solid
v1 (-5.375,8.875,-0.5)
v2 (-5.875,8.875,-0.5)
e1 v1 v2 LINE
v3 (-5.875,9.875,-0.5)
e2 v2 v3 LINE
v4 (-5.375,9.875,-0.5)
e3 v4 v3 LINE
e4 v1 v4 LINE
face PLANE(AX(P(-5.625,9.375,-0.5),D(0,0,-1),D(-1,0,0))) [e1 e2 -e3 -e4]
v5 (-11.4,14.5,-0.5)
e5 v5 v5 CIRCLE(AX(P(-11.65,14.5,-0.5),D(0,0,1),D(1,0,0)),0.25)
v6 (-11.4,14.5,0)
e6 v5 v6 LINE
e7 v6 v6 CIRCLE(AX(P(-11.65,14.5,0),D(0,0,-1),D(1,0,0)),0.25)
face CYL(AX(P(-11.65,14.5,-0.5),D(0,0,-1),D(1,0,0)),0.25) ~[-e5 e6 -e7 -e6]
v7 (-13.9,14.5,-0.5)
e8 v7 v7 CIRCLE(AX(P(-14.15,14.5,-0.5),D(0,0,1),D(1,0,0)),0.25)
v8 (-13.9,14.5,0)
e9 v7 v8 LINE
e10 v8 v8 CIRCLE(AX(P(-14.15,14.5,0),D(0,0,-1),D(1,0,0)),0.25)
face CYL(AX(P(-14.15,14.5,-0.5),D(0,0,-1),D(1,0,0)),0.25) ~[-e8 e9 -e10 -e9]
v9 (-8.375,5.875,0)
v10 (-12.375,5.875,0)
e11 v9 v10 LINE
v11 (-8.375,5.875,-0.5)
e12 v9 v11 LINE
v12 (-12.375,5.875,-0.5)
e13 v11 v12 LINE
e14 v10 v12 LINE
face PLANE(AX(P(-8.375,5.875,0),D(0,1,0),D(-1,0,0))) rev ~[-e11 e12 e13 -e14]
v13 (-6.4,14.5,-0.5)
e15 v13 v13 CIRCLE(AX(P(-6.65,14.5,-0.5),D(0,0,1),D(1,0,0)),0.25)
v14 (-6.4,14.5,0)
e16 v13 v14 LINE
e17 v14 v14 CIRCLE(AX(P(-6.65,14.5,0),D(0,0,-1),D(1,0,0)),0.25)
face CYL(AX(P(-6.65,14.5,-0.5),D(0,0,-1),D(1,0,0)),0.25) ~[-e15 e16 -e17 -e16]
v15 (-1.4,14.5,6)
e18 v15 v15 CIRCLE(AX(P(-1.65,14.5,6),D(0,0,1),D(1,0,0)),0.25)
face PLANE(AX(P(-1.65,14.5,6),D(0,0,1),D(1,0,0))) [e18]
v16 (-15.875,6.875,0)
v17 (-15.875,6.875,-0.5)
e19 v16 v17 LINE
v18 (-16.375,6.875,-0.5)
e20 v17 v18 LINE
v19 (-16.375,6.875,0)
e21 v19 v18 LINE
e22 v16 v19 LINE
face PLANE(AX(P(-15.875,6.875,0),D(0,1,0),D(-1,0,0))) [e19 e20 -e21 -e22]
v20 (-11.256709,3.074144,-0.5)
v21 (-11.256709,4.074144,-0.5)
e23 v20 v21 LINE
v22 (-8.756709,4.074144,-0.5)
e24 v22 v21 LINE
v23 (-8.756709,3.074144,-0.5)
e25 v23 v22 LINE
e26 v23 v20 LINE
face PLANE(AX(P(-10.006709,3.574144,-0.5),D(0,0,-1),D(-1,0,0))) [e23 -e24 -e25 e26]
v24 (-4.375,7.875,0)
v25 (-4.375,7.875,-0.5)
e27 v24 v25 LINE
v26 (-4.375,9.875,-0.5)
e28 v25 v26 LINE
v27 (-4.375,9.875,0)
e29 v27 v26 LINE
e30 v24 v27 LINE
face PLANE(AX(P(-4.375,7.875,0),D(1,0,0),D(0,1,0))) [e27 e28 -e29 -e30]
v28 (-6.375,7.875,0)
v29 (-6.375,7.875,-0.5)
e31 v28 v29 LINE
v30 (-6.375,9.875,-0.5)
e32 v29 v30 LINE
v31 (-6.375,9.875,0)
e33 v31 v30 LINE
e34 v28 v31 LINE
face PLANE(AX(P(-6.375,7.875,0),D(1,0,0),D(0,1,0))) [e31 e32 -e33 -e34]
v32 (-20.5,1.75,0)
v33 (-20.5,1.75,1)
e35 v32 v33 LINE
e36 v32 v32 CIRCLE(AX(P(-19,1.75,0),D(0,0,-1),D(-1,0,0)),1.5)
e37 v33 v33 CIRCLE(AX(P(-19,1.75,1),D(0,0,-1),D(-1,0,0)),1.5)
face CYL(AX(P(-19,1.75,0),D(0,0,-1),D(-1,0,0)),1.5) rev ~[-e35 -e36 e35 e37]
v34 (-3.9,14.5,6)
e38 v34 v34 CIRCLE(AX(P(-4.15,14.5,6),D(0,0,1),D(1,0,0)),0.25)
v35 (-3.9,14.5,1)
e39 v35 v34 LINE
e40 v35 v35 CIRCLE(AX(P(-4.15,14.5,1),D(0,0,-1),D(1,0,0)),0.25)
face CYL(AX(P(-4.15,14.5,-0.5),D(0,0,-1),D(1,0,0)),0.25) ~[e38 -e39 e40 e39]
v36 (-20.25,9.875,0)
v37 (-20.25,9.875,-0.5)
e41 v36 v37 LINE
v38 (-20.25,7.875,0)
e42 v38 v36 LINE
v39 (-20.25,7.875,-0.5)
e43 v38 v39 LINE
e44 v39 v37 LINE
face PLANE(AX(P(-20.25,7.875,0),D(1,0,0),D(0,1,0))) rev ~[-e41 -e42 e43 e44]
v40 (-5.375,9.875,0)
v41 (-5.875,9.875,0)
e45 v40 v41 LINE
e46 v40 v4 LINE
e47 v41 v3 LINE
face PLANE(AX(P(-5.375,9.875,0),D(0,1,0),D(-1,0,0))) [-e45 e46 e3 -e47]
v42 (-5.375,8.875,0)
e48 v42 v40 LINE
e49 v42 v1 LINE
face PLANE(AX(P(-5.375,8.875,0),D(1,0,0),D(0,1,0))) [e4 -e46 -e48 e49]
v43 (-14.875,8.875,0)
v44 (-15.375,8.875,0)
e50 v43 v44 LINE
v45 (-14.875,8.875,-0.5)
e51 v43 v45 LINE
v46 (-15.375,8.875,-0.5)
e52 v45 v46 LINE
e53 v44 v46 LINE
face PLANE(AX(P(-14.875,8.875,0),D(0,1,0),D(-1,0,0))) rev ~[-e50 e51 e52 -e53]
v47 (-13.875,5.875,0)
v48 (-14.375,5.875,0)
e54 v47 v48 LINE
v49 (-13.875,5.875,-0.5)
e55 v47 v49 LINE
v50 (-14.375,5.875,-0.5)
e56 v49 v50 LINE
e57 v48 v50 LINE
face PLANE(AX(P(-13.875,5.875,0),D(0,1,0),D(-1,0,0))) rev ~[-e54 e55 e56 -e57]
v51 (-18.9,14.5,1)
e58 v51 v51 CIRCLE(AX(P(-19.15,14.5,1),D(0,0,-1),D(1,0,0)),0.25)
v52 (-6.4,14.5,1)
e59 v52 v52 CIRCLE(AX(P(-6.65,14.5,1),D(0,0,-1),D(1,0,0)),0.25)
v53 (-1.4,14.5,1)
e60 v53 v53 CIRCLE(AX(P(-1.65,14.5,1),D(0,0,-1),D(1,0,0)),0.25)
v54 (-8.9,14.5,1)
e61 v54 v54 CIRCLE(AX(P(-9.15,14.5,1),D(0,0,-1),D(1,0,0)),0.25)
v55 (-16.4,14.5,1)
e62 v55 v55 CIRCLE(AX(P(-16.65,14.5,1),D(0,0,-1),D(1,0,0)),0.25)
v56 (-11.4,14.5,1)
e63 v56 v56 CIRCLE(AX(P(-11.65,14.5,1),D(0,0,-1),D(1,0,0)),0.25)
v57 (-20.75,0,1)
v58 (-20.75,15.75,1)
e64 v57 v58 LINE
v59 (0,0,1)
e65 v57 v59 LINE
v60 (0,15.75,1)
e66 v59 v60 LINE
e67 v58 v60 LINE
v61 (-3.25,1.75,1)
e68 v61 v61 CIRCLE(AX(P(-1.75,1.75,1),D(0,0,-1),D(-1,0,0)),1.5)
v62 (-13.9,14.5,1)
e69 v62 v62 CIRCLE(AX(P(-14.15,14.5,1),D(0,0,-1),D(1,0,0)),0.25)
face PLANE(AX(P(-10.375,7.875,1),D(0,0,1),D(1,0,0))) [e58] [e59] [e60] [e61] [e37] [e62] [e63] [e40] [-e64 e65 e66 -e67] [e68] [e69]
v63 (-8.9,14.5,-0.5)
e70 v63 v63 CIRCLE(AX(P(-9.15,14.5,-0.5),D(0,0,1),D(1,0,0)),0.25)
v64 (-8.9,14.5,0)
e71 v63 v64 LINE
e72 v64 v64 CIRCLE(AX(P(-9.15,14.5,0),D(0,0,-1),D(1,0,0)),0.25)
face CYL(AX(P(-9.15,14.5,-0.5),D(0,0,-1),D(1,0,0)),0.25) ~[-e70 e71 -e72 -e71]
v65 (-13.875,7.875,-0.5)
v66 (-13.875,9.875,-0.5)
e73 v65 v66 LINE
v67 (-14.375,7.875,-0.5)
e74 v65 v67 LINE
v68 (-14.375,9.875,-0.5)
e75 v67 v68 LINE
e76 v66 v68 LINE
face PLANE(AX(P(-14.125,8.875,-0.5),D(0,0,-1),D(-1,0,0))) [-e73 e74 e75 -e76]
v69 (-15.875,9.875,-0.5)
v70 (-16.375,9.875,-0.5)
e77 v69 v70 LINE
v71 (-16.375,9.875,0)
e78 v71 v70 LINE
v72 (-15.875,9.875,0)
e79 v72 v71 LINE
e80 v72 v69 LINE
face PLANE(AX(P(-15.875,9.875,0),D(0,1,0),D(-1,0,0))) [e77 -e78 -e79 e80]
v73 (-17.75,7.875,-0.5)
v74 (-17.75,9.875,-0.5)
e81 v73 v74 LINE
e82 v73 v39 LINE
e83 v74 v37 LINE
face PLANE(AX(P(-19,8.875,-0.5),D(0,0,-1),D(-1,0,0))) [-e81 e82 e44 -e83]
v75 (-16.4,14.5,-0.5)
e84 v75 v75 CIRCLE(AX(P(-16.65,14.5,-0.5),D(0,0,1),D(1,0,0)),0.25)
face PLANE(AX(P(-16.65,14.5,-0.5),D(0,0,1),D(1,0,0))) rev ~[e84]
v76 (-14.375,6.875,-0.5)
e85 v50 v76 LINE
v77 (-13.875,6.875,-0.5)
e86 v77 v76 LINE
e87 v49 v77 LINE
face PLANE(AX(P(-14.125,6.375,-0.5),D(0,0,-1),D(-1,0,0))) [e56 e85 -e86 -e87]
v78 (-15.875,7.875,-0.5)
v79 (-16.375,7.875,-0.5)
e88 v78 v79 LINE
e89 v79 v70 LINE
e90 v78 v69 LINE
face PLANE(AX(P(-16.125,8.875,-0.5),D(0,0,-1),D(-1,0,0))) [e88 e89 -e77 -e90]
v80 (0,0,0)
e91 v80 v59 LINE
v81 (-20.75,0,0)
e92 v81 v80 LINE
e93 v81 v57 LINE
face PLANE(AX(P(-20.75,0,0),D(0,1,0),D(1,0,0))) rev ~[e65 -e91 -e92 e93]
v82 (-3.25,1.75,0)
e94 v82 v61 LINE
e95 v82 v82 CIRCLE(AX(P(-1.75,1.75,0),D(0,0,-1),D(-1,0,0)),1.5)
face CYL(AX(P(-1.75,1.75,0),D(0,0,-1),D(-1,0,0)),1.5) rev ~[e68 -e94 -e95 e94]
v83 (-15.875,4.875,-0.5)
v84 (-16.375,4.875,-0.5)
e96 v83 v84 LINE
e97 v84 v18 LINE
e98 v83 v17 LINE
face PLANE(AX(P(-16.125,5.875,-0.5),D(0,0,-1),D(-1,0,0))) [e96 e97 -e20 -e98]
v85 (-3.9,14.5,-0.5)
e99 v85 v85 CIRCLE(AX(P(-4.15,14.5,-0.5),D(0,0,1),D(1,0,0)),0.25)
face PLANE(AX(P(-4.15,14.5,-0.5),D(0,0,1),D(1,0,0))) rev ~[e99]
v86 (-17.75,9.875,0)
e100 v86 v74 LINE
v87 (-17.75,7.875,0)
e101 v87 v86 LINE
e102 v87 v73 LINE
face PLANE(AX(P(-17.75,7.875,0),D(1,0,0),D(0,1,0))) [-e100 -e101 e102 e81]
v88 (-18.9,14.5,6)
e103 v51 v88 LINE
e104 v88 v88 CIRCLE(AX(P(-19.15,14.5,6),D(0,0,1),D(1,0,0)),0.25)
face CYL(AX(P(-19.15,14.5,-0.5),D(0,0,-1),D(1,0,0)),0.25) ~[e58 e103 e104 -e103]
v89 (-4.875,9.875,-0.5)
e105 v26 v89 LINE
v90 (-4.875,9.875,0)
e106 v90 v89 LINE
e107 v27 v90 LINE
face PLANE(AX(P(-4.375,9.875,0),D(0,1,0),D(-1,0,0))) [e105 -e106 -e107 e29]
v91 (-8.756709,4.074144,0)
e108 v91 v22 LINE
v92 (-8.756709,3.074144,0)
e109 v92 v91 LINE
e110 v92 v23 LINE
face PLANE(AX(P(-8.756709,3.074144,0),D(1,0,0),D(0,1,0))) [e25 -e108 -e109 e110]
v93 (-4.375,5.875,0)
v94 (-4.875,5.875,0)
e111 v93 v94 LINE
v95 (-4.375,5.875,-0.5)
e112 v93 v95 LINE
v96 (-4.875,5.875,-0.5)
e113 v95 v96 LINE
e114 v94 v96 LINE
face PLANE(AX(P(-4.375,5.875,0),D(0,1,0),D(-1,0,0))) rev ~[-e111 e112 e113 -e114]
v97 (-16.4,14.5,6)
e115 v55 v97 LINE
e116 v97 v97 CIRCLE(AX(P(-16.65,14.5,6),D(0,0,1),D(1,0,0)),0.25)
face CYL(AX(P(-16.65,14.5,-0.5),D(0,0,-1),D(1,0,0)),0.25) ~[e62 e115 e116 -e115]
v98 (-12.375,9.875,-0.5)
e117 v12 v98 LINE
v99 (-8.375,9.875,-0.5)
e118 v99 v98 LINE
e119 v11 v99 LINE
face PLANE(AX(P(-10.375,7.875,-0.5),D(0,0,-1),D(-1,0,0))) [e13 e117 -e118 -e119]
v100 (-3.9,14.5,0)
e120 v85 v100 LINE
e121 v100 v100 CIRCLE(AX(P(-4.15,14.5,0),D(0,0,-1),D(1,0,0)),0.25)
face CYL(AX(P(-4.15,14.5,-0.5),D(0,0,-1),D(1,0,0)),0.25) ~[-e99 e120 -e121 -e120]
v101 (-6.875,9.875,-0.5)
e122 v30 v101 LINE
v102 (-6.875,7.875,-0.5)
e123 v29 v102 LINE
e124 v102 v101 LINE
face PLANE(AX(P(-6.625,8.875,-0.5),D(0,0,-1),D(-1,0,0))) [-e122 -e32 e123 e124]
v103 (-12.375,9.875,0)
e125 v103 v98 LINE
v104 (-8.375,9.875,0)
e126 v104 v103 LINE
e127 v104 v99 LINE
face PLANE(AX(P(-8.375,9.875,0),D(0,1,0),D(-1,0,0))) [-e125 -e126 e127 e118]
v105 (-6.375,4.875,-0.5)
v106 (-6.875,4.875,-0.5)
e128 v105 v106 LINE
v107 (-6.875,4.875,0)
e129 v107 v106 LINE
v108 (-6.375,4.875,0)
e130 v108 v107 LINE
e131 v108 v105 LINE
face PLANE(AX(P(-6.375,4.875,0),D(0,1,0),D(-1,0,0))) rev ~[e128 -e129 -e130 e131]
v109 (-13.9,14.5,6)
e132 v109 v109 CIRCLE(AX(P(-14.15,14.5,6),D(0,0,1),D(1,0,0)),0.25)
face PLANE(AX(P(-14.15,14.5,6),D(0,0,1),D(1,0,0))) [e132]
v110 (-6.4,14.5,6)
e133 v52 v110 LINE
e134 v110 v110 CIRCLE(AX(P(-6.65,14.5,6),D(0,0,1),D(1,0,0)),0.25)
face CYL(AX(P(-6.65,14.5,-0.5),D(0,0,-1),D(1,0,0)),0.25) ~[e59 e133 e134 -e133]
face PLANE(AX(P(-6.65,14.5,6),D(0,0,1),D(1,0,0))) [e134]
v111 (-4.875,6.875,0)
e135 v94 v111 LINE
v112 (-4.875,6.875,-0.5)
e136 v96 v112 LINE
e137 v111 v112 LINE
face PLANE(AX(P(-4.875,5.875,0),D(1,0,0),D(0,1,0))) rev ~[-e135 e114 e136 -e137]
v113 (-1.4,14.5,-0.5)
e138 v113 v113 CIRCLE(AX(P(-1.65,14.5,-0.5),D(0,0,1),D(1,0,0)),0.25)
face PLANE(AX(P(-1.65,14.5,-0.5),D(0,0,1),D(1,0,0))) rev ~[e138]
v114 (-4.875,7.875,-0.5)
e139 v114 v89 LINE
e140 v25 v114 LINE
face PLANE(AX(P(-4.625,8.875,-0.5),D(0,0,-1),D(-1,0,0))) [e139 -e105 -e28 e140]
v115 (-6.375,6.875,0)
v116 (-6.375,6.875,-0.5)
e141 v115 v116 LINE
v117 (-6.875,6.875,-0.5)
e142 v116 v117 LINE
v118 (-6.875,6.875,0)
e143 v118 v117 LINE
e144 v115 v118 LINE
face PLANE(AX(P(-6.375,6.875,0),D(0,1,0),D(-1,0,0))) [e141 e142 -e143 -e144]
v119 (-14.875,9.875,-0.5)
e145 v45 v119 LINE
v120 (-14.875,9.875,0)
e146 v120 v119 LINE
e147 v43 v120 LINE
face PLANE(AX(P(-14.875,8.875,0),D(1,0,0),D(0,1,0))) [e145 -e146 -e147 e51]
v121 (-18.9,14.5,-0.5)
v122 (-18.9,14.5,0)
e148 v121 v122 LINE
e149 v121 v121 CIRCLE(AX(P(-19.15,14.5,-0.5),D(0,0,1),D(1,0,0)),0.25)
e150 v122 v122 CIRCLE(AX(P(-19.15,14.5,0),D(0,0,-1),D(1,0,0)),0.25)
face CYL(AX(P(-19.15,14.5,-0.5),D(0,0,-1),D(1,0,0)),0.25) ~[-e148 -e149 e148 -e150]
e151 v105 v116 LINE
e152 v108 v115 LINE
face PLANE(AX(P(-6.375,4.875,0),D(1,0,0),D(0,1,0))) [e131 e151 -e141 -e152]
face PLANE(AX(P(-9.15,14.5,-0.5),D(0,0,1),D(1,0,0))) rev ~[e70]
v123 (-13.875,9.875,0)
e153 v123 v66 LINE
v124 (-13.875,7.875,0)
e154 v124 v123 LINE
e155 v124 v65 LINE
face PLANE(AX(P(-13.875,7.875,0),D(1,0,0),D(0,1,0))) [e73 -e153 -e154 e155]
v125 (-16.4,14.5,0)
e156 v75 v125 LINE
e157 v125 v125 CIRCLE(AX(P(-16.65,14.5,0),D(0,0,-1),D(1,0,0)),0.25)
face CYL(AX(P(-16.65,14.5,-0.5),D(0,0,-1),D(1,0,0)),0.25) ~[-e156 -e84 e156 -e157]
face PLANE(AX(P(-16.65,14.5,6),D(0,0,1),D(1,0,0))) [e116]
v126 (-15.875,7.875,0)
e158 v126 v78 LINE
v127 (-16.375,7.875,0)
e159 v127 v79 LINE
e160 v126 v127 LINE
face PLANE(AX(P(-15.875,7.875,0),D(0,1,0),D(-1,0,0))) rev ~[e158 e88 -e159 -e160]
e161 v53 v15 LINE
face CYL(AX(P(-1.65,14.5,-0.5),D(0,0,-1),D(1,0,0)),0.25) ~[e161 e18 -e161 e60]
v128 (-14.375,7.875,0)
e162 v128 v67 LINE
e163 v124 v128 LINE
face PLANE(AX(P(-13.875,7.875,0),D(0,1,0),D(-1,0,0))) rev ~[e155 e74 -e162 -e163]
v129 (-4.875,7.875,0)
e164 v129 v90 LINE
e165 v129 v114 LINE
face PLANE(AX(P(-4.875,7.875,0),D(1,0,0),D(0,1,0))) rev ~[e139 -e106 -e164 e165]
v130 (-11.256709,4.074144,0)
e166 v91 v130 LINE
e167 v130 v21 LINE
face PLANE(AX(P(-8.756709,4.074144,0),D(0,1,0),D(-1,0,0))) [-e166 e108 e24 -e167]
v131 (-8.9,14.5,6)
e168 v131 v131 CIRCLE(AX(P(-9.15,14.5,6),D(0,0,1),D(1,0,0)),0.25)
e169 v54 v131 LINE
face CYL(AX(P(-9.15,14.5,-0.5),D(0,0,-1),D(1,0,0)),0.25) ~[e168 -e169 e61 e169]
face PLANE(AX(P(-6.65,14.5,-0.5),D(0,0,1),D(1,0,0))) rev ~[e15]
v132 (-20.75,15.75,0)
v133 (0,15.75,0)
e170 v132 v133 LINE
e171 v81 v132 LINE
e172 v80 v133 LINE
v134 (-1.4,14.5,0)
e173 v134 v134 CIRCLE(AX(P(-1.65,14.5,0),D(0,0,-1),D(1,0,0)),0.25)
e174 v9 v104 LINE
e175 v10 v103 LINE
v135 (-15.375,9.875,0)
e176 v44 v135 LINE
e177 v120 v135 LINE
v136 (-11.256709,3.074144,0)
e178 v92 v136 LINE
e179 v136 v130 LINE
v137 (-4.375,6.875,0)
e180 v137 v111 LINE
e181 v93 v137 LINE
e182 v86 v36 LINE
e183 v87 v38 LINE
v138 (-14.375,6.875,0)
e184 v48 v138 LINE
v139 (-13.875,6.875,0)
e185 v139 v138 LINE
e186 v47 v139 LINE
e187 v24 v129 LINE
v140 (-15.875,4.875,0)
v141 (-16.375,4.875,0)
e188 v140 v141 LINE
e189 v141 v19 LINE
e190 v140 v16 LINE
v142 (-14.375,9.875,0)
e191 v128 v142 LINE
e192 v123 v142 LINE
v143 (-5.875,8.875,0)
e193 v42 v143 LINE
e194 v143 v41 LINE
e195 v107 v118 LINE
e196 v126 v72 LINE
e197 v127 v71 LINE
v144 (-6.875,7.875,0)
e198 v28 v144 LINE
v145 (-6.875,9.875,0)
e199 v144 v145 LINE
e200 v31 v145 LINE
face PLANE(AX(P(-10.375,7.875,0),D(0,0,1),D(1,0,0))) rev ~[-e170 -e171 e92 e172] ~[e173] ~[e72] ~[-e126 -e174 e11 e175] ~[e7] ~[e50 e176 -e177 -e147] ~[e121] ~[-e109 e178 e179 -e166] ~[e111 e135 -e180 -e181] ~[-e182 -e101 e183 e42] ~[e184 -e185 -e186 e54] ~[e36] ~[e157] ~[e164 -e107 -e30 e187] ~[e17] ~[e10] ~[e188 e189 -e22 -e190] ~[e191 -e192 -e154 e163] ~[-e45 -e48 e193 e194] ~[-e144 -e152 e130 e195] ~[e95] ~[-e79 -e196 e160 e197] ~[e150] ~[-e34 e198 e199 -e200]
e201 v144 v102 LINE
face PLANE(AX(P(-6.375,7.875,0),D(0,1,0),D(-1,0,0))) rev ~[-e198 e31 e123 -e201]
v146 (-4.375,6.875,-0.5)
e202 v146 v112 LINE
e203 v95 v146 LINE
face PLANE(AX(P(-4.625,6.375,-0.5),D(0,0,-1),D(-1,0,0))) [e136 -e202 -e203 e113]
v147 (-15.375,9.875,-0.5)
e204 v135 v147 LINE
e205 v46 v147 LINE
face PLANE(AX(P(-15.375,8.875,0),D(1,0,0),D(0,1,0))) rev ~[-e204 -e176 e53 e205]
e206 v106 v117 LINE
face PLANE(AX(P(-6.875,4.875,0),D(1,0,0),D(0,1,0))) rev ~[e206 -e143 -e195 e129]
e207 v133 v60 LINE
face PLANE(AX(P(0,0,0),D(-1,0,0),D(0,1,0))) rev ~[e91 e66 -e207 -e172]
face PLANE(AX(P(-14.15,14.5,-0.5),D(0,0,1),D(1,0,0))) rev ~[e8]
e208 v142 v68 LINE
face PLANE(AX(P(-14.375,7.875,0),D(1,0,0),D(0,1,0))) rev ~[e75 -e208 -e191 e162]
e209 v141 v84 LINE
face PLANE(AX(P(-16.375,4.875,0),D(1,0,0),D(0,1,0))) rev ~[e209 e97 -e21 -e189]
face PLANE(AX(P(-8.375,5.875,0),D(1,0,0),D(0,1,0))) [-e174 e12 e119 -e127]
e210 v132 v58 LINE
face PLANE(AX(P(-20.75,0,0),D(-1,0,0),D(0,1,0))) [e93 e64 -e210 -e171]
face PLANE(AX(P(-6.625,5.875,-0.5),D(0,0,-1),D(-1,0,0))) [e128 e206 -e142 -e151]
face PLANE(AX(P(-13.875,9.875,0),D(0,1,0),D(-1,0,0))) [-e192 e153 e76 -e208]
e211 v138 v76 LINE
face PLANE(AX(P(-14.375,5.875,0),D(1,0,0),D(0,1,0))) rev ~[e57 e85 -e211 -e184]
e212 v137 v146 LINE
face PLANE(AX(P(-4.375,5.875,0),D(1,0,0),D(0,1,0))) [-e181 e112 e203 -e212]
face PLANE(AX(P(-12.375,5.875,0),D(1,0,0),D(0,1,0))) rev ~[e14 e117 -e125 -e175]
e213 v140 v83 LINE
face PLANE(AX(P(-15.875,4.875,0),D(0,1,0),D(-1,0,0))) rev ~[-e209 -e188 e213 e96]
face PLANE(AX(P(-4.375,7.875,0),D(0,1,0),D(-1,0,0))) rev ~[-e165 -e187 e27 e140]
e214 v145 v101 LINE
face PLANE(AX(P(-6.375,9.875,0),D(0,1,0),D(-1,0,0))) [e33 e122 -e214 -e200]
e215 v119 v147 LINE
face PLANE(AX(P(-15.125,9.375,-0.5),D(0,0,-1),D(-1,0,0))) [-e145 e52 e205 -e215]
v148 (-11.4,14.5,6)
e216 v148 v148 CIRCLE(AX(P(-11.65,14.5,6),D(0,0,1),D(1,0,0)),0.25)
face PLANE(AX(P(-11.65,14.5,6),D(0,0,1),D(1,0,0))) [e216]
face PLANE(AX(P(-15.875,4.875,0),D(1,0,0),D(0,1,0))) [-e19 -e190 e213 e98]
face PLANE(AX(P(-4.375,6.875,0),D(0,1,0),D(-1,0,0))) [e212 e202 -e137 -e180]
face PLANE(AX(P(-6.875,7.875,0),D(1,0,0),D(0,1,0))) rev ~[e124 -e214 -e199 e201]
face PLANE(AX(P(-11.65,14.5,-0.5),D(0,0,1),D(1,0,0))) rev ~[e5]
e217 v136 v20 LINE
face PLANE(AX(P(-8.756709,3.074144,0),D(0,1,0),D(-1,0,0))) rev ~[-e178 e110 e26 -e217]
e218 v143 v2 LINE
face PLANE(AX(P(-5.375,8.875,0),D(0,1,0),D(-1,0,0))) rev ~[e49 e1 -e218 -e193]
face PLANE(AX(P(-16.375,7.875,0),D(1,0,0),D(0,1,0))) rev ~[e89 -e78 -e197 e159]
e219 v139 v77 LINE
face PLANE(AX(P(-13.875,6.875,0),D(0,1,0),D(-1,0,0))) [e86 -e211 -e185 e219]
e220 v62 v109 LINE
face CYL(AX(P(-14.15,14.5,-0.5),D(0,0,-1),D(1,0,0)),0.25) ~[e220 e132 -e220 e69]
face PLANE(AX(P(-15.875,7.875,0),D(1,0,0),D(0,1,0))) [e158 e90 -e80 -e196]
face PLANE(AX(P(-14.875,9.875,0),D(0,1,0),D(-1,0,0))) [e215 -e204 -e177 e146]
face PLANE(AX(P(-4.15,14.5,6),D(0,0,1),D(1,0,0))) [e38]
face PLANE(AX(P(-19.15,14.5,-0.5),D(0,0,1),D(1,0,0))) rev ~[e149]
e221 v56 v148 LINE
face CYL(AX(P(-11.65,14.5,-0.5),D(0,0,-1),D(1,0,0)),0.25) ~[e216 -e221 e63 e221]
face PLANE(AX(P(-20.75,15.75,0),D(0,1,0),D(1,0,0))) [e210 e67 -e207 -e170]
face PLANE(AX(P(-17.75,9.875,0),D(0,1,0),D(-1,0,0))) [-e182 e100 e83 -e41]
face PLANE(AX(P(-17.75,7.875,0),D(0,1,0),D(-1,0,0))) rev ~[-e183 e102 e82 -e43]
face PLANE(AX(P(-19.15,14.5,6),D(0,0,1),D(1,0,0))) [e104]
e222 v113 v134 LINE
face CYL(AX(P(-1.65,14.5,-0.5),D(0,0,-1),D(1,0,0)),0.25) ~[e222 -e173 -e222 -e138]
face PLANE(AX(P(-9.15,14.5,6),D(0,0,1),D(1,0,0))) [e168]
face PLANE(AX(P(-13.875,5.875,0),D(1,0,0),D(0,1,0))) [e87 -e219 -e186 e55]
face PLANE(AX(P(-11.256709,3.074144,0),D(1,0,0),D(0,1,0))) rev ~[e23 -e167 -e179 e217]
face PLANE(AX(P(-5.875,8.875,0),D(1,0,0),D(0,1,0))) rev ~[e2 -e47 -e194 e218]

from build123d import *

# Parameters (mm, degrees)
ESQUISSE1_W             = 20.75
ESQUISSE1_H             = 15.75
BOSS_EXTRU_1_DEPTH      = 1
ESQUISSE4_W             = 0.5
ESQUISSE4_H             = 2
ESQUISSE4_H_2           = 1
ESQUISSE4_W_2           = 2.5
ESQUISSE4_W_3           = 4
ESQUISSE4_H_3           = 4
BOSS_EXTRU_4_DEPTH      = 0.5
ESQUISSE5_R             = 1.5
ENL_V_MAT_EXTRU_1_DEPTH = 5
ESQUISSE6_W             = 2.5
ESQUISSE6_H             = 2
BOSS_EXTRU_5_DEPTH      = 0.5
BOSS_EXTRU_6_DEPTH      = 5
BOSS_EXTRU_6_DEPTH_BACK = 1.5
ESQUISSE7_R             = 0.25


with BuildPart() as part:
    # Esquisse1 → Boss.-Extru.1 (new body)
    with BuildSketch(Plane.XY):
        with Locations((-10.375, 7.875)):
            Rectangle(ESQUISSE1_W, ESQUISSE1_H)
    extrude(amount=BOSS_EXTRU_1_DEPTH)

    # Esquisse4 → Boss.-Extru.4 (add)
    with BuildSketch(Plane(origin=(0, 0, 0), x_dir=(-1, 0, 0), z_dir=(0, 0, -1))):
        with Locations((6.625, 8.875)):
            Rectangle(ESQUISSE4_W, ESQUISSE4_H)
        with Locations((5.625, 9.375)):
            Rectangle(ESQUISSE4_W, ESQUISSE4_H_2)
        with Locations((4.625, 8.875)):
            Rectangle(ESQUISSE4_W, ESQUISSE4_H)
        with Locations((4.625, 6.375)):
            Rectangle(ESQUISSE4_W, ESQUISSE4_H_2)
        with Locations((6.625, 5.875)):
            Rectangle(ESQUISSE4_W, ESQUISSE4_H)
        with Locations((10.00670855, 3.574144423)):
            Rectangle(ESQUISSE4_W_2, ESQUISSE4_H_2)
        with Locations((10.375, 7.875)):
            Rectangle(ESQUISSE4_W_3, ESQUISSE4_H_3)
        with Locations((14.125, 8.875)):
            Rectangle(ESQUISSE4_W, ESQUISSE4_H)
        with Locations((16.125, 8.875)):
            Rectangle(ESQUISSE4_W, ESQUISSE4_H)
        with Locations((15.125, 9.375)):
            Rectangle(ESQUISSE4_W, ESQUISSE4_H_2)
        with Locations((14.125, 6.375)):
            Rectangle(ESQUISSE4_W, ESQUISSE4_H_2)
        with Locations((16.125, 5.875)):
            Rectangle(ESQUISSE4_W, ESQUISSE4_H)
    extrude(amount=BOSS_EXTRU_4_DEPTH)

    # Esquisse5 → Enlèv. mat.-Extru.1 (cut)
    with BuildSketch(Plane(origin=(0, 0, 0), x_dir=(-1, 0, 0), z_dir=(0, 0, -1))):
        with Locations((1.75, 1.75)):
            Circle(ESQUISSE5_R)
        with Locations((19, 1.75)):
            Circle(ESQUISSE5_R)
    extrude(amount=-ENL_V_MAT_EXTRU_1_DEPTH, mode=Mode.SUBTRACT)

    # Esquisse6 → Boss.-Extru.5 (add)
    with BuildSketch(Plane(origin=(0, 0, 0), x_dir=(-1, 0, 0), z_dir=(0, 0, -1))):
        with Locations((19, 8.875)):
            Rectangle(ESQUISSE6_W, ESQUISSE6_H)
    extrude(amount=BOSS_EXTRU_5_DEPTH)

    # Esquisse7 → Boss.-Extru.6 (add, two sides: drawn at the far end of the back side and taken through both)
    with BuildSketch(Plane.XY.offset(1).offset(-BOSS_EXTRU_6_DEPTH_BACK)):
        with Locations((-19.15, 14.5)):
            Circle(ESQUISSE7_R)
        with Locations((-16.65, 14.5)):
            Circle(ESQUISSE7_R)
        with Locations((-14.15, 14.5)):
            Circle(ESQUISSE7_R)
        with Locations((-11.65, 14.5)):
            Circle(ESQUISSE7_R)
        with Locations((-9.15, 14.5)):
            Circle(ESQUISSE7_R)
        with Locations((-6.65, 14.5)):
            Circle(ESQUISSE7_R)
        with Locations((-4.15, 14.5)):
            Circle(ESQUISSE7_R)
        with Locations((-1.65, 14.5)):
            Circle(ESQUISSE7_R)
    extrude(amount=BOSS_EXTRU_6_DEPTH + BOSS_EXTRU_6_DEPTH_BACK)


solid = part.part
